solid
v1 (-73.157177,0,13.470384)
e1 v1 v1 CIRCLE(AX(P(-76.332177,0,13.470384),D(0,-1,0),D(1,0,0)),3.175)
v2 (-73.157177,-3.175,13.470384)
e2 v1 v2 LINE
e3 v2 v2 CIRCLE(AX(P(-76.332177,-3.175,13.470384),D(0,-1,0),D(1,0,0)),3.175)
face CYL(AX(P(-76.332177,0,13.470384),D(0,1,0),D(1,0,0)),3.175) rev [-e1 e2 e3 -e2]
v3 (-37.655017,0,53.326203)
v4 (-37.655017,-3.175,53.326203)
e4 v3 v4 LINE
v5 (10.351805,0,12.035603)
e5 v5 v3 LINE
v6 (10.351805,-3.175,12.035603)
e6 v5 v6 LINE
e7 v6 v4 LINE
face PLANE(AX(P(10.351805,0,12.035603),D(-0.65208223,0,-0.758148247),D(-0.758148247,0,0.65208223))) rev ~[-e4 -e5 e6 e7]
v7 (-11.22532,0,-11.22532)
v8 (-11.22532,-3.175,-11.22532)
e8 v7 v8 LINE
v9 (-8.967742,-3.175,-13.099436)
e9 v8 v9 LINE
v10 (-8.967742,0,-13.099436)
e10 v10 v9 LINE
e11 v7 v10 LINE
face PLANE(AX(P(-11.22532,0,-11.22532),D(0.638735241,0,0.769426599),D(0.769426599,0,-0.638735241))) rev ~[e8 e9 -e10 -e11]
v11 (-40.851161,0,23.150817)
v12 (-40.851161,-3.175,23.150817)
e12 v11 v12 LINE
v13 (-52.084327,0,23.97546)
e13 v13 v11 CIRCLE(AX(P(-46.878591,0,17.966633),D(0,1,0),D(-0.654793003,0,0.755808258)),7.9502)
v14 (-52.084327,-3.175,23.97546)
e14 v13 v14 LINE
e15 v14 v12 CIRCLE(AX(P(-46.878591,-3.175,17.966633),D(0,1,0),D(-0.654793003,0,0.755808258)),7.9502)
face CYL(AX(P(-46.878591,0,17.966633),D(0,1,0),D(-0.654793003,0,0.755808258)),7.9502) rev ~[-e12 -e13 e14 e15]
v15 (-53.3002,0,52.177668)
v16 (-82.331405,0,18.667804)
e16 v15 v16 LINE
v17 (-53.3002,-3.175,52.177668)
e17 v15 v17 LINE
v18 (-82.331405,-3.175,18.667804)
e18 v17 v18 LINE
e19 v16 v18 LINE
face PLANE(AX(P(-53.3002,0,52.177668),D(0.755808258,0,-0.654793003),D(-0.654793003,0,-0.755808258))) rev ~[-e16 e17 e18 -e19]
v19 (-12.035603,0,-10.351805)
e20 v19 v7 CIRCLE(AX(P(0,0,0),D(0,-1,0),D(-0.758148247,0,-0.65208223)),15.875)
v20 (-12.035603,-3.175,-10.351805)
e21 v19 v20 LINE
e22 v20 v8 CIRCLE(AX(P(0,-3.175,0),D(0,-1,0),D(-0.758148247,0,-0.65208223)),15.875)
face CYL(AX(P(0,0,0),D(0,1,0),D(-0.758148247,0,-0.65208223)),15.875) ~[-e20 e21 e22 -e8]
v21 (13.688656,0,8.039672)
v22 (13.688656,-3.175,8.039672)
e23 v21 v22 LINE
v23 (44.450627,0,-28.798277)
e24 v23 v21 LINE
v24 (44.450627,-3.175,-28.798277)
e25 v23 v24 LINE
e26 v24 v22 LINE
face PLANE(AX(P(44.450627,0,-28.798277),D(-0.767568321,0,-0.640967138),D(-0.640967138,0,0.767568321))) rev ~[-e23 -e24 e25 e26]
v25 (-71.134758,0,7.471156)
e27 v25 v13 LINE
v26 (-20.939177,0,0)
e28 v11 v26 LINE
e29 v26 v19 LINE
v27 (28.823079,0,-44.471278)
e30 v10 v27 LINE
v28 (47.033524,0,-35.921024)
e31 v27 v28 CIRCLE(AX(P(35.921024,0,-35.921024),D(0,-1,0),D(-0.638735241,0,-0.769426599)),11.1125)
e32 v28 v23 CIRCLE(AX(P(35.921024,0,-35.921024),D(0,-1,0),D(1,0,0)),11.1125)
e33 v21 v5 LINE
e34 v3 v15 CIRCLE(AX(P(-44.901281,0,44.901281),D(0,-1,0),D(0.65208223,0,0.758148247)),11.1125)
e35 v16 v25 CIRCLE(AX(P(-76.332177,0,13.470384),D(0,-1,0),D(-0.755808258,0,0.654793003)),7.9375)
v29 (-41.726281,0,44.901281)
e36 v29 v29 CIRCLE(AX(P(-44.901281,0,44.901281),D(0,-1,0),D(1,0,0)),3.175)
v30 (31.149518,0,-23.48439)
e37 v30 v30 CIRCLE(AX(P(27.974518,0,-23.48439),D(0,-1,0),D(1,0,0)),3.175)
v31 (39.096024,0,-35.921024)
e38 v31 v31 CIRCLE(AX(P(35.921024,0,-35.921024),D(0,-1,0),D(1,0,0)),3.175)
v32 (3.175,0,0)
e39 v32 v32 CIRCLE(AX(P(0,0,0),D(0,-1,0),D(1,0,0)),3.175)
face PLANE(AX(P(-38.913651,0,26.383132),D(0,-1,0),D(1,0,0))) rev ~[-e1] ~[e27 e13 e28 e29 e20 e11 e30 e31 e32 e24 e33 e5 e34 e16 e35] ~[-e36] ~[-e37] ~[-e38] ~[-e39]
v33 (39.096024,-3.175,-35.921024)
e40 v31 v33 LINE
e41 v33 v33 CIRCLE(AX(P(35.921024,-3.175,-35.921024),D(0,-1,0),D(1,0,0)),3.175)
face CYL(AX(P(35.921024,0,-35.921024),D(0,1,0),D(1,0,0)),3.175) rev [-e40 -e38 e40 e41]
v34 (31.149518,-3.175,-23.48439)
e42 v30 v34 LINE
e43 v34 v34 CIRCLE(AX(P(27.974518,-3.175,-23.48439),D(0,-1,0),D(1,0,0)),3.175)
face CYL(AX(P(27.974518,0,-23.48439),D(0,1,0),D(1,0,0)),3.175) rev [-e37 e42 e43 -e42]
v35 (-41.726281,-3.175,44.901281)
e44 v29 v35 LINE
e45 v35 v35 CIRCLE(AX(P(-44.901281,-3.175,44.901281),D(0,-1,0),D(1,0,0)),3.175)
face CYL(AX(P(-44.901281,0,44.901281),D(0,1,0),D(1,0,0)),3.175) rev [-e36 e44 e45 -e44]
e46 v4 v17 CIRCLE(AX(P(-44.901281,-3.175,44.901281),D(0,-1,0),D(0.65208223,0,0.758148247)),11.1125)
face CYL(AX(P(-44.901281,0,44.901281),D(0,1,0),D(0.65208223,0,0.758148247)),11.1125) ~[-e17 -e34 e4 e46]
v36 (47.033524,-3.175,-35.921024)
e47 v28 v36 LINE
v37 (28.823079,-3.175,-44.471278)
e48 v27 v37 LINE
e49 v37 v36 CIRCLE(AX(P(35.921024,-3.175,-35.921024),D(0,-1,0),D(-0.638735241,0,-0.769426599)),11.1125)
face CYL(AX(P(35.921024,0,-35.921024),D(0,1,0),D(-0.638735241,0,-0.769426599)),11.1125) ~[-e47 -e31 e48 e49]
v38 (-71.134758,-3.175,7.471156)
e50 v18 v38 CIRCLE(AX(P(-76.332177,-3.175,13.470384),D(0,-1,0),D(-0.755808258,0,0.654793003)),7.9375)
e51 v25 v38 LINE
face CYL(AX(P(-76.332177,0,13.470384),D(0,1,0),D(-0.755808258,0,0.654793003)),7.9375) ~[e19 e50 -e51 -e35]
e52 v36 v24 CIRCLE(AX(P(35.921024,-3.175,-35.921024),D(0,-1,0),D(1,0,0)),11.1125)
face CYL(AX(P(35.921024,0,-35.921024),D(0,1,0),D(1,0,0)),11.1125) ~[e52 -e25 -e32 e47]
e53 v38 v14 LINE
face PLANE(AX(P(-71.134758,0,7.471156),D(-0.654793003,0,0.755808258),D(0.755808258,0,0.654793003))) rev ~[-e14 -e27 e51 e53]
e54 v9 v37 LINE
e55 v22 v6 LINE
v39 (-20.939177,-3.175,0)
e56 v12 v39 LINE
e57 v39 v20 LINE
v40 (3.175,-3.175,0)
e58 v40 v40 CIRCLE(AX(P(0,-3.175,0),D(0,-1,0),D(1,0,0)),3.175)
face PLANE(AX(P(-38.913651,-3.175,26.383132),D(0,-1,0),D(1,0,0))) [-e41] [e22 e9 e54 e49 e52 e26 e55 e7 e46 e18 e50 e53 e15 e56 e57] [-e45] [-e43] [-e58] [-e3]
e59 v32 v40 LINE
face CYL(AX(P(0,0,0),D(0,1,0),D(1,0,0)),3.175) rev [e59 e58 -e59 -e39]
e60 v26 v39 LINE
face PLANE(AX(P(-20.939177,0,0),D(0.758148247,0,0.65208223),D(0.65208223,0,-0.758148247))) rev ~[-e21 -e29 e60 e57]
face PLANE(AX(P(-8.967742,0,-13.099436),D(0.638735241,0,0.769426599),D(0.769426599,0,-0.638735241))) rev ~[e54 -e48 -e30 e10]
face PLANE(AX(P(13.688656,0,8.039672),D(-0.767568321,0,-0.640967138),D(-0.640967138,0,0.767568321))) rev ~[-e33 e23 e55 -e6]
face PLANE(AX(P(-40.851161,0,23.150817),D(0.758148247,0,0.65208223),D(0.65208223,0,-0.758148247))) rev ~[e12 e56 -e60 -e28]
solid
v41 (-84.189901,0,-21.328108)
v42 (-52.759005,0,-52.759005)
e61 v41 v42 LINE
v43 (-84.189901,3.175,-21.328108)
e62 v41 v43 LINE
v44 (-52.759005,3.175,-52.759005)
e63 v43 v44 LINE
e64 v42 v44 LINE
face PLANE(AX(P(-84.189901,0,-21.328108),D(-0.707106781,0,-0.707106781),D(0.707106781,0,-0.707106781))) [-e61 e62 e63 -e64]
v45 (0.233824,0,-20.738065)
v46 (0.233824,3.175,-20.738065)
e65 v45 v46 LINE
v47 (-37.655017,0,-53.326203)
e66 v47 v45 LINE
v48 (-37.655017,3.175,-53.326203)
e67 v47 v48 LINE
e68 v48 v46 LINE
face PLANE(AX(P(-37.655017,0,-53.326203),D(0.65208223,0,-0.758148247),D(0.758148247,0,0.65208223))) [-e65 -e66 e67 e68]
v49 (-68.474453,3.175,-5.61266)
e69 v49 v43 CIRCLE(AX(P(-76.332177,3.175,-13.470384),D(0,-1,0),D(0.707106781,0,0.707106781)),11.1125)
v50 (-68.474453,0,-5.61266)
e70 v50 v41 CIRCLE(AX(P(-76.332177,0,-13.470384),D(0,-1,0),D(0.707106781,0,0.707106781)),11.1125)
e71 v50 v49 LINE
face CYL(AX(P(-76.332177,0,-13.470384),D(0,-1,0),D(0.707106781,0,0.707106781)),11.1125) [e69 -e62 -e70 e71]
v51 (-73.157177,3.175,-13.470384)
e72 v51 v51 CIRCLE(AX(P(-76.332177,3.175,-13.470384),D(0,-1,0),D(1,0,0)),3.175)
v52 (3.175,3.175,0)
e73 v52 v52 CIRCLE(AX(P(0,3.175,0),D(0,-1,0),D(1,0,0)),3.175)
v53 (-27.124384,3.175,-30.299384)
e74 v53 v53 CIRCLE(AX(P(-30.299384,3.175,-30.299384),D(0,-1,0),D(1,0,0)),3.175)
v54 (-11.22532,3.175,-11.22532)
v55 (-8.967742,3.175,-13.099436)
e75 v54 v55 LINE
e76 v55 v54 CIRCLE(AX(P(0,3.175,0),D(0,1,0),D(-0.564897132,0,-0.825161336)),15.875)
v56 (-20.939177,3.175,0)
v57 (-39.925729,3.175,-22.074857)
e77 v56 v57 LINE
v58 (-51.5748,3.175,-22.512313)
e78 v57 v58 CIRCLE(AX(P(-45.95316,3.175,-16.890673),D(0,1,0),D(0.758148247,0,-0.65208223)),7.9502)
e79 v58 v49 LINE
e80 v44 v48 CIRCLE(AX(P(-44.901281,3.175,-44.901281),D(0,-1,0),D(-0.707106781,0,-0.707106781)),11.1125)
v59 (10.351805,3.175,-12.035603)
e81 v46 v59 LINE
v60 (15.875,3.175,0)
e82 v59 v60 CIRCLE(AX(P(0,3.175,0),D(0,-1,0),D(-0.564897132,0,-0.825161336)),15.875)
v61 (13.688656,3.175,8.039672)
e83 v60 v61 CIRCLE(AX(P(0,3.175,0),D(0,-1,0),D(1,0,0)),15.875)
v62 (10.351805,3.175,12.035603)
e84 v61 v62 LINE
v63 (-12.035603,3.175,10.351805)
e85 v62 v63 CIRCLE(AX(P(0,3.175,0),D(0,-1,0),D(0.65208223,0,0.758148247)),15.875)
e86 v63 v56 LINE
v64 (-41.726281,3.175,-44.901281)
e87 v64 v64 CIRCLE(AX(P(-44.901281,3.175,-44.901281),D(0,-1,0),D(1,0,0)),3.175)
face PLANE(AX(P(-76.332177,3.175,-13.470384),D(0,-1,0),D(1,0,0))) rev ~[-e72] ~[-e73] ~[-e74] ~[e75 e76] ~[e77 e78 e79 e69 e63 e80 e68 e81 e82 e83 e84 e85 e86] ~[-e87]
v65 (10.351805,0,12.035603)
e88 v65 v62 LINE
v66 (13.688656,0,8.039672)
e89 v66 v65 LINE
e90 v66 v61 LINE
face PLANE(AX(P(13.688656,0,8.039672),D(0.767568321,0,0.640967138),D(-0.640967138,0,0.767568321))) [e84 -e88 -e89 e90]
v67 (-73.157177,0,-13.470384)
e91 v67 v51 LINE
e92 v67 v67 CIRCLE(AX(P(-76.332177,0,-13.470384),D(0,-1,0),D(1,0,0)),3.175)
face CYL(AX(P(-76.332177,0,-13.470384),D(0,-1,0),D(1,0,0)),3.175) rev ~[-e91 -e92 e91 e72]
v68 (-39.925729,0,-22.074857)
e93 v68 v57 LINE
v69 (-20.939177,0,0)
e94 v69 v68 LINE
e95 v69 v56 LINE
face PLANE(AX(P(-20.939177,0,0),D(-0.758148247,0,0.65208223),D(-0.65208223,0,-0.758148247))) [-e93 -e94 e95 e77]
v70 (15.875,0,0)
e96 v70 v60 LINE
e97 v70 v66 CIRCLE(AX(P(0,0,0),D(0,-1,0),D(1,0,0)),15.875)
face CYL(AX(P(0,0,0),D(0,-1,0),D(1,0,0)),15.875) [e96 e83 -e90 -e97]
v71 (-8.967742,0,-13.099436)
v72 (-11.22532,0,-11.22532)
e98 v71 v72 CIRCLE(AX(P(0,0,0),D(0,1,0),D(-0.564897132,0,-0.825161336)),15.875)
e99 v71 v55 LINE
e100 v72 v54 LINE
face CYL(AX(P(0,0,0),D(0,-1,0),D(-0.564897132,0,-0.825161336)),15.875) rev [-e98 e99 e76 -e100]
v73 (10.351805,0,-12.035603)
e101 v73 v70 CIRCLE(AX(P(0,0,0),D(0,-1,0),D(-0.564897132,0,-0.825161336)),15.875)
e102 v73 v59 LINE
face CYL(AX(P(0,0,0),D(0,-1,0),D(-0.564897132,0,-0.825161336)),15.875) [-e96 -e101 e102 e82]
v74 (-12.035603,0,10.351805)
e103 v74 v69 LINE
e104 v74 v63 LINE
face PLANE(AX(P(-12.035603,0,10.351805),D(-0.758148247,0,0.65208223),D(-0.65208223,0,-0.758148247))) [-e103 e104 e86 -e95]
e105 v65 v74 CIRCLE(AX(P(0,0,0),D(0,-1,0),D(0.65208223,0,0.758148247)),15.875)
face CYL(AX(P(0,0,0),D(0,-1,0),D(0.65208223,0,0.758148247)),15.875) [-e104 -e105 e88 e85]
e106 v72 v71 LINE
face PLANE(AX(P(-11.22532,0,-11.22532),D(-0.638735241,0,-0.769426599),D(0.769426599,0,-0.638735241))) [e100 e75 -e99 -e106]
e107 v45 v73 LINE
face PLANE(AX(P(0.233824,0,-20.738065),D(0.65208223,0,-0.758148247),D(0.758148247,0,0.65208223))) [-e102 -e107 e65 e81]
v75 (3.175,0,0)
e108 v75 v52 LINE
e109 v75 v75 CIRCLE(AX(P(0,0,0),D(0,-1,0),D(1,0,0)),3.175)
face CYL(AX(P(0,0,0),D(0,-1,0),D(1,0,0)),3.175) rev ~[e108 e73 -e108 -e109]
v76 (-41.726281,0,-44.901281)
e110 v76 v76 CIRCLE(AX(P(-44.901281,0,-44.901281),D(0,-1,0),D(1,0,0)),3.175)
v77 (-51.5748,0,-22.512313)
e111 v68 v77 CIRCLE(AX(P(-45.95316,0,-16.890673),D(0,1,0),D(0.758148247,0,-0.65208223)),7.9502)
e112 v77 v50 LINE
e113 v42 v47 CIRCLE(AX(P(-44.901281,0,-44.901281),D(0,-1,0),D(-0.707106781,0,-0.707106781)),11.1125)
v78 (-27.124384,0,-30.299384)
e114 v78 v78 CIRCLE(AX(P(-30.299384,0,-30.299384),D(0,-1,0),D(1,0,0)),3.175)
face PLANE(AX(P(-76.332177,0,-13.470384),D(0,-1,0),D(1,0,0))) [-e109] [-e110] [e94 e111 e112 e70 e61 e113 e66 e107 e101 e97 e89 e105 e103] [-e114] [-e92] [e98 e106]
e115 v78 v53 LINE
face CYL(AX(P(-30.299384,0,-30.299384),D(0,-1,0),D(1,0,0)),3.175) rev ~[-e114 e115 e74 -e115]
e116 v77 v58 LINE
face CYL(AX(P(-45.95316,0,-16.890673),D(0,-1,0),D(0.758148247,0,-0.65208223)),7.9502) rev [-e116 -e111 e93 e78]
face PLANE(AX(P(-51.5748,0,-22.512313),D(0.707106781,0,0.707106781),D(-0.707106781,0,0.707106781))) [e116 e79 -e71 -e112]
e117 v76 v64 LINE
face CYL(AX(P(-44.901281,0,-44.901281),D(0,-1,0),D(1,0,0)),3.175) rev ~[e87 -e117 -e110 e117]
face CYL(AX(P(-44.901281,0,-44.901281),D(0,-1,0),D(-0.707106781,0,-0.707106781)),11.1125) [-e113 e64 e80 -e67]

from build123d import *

# Parameters (mm, degrees)
F0_R     = 3.175
F1_DEPTH = 3.175
F2_DEPTH = 3.175


with BuildPart() as f1:
    # F0 (on Front) → F1 (new body)
    with BuildSketch(Plane.XZ):
        with BuildLine():
            ThreePointArc((-82.331405076, 18.6678036462), (-73.5586383483, 20.9075469092), (-68.3946770291, 13.4703841816))
            ThreePointArc((-68.3946770291, 13.4703841816), (-69.1121208226, 10.1727039932), (-71.1347575644, 7.4711561347))
            Line((-71.1347575644, 7.4711561347), (-52.0843267669, 23.9754595323))
            ThreePointArc((-52.0843267669, 23.9754595323), (-46.2965222838, 25.8954961667), (-40.8511612346, 23.1508168672))
            Line((-40.8511612346, 23.1508168672), (-20.9391765456, 0))
            Line((-20.9391765456, 0), (-12.0356034274, 10.3518054047))
            ThreePointArc((-12.0356034274, 10.3518054047), (-1.190625, 15.8302885984), (10.3518054047, 12.0356034274))
            Line((10.3518054047, 12.0356034274), (-37.655016822, 53.3262030046))
            ThreePointArc((-37.655016822, 53.3262030046), (-34.8014845049, 49.5361241819), (-33.7887806053, 44.9012806053))
            ThreePointArc((-33.7887806053, 44.9012806053), (-48.7842347585, 34.4892527868), (-53.300199871, 52.1776678558))
            Line((-53.300199871, 52.1776678558), (-82.331405076, 18.6678036462))
        make_face()
        with BuildLine():
            ThreePointArc((-37.655016822, 53.3262030046), (-45.7148756595, 55.9839571475), (-53.300199871, 52.1776678558))
            ThreePointArc((-53.300199871, 52.1776678558), (-48.7842347585, 34.4892527868), (-33.7887806053, 44.9012806053))
            ThreePointArc((-33.7887806053, 44.9012806053), (-34.8014845049, 49.5361241819), (-37.655016822, 53.3262030046))
        make_face()
        with Locations((-44.9012806053, 44.9012806053)):
            Circle(F0_R, mode=Mode.SUBTRACT)
        with BuildLine():
            ThreePointArc((-71.1347575644, 7.4711561347), (-69.1121208226, 10.1727039932), (-68.3946770291, 13.4703841816))
            ThreePointArc((-68.3946770291, 13.4703841816), (-73.5586383483, 20.9075469092), (-82.331405076, 18.6678036462))
            ThreePointArc((-82.331405076, 18.6678036462), (-81.9448371048, 7.8577241059), (-71.1347575644, 7.4711561347))
        make_face()
        with Locations((-76.3321770291, 13.4703841816)):
            Circle(F0_R, mode=Mode.SUBTRACT)
        with BuildLine():
            Line((13.6886557503, 8.0396721793), (10.3518054047, 12.0356034274))
            ThreePointArc((10.3518054047, 12.0356034274), (-1.190625, 15.8302885984), (-12.0356034274, 10.3518054047))
            ThreePointArc((-12.0356034274, 10.3518054047), (-15.875, 0), (-12.0356034274, -10.3518054047))
            ThreePointArc((-12.0356034274, -10.3518054047), (-11.6386596495, -10.7961672163), (-11.2253201513, -11.2253201513))
            Line((-11.2253201513, -11.2253201513), (-8.9677419672, -13.0994362096))
            ThreePointArc((-8.9677419672, -13.0994362096), (0.8728361512, -15.8509867848), (10.3518054047, -12.0356034274))
            ThreePointArc((10.3518054047, -12.0356034274), (14.4282801435, -6.6212051093), (15.875, 0))
            ThreePointArc((15.875, 0), (15.3186656572, 4.1658261464), (13.6886557503, 8.0396721793))
        make_face()
        Circle(F0_R, mode=Mode.SUBTRACT)
        with BuildLine():
            Line((44.4506274521, -28.7982771588), (13.6886557503, 8.0396721793))
            ThreePointArc((13.6886557503, 8.0396721793), (15.3186656572, 4.1658261464), (15.875, 0))
            ThreePointArc((15.875, 0), (14.4282801435, -6.6212051093), (10.3518054047, -12.0356034274))
            Line((10.3518054047, -12.0356034274), (0.2338236979, -20.7380651153))
            Line((0.2338236979, -20.7380651153), (28.8230791183, -44.4712775701))
            ThreePointArc((28.8230791183, -44.4712775701), (28.0518983355, -28.0747189903), (44.4506274521, -28.7982771588))
        make_face()
        with Locations((27.9745180668, -23.4843900063)):
            Circle(F0_R, mode=Mode.SUBTRACT)
        with BuildLine():
            ThreePointArc((47.0335244843, -35.9210244843), (46.3678629828, -32.132723858), (44.4506274521, -28.7982771588))
            ThreePointArc((44.4506274521, -28.7982771588), (28.0518983355, -28.0747189903), (28.8230791183, -44.4712775701))
            ThreePointArc((28.8230791183, -44.4712775701), (40.6439334592, -45.9799402839), (47.0335244843, -35.9210244843))
        make_face()
        with Locations((35.9210244843, -35.9210244843)):
            Circle(F0_R, mode=Mode.SUBTRACT)
        with BuildLine():
            Line((0.2338236979, -20.7380651153), (10.3518054047, -12.0356034274))
            ThreePointArc((10.3518054047, -12.0356034274), (0.8728361512, -15.8509867848), (-8.9677419672, -13.0994362096))
            Line((-8.9677419672, -13.0994362096), (0.2338236979, -20.7380651153))
        make_face()
        with BuildLine():
            Line((-12.0356034274, 10.3518054047), (-20.9391765456, 0))
            Line((-20.9391765456, 0), (-12.0356034274, -10.3518054047))
            ThreePointArc((-12.0356034274, -10.3518054047), (-15.875, 0), (-12.0356034274, 10.3518054047))
        make_face()
    extrude(amount=F1_DEPTH)


with BuildPart() as f2:
    # F0 (on Front) → F2 (new body)
    with BuildSketch(Plane.XZ):
        with BuildLine():
            ThreePointArc((-65.2196770291, -13.4703841816), (-66.0655657241, -9.2178145394), (-68.4744529232, -5.6126600757))
            ThreePointArc((-68.4744529232, -5.6126600757), (-84.189901135, -5.6126600757), (-84.189901135, -21.3281082875))
            ThreePointArc((-84.189901135, -21.3281082875), (-72.0796073869, -23.7369954866), (-65.2196770291, -13.4703841816))
        make_face()
        with Locations((-76.3321770291, -13.4703841816)):
            Circle(F0_R, mode=Mode.SUBTRACT)
        with BuildLine():
            Line((-12.0356034274, -10.3518054047), (-20.9391765456, 0))
            Line((-20.9391765456, 0), (-39.9257294986, -22.0748567869))
            ThreePointArc((-39.9257294986, -22.0748567869), (-45.654817053, -24.8352728006), (-51.5748000268, -22.512312972))
            Line((-51.5748000268, -22.512312972), (-68.4744529232, -5.6126600757))
            ThreePointArc((-68.4744529232, -5.6126600757), (-66.0655657241, -9.2178145394), (-65.2196770291, -13.4703841816))
            ThreePointArc((-65.2196770291, -13.4703841816), (-72.0796073869, -23.7369954866), (-84.189901135, -21.3281082875))
            Line((-84.189901135, -21.3281082875), (-52.7590047113, -52.7590047113))
            ThreePointArc((-52.7590047113, -52.7590047113), (-49.1538502475, -34.6346693003), (-33.7887806053, -44.9012806053))
            ThreePointArc((-33.7887806053, -44.9012806053), (-34.8014845049, -49.5361241819), (-37.655016822, -53.3262030046))
            Line((-37.655016822, -53.3262030046), (0.2338236979, -20.7380651153))
            Line((0.2338236979, -20.7380651153), (-8.9677419672, -13.0994362096))
            ThreePointArc((-8.9677419672, -13.0994362096), (-10.1399219514, -12.2146472655), (-11.2253201513, -11.2253201513))
            ThreePointArc((-11.2253201513, -11.2253201513), (-11.6386596495, -10.7961672163), (-12.0356034274, -10.3518054047))
        make_face()
        with Locations((-30.2993841525, -30.2993841525)):
            Circle(F0_R, mode=Mode.SUBTRACT)
        with BuildLine():
            ThreePointArc((-52.7590047113, -52.7590047113), (-45.3182930842, -56.0059533535), (-37.655016822, -53.3262030046))
            ThreePointArc((-37.655016822, -53.3262030046), (-34.8014845049, -49.5361241819), (-33.7887806053, -44.9012806053))
            ThreePointArc((-33.7887806053, -44.9012806053), (-49.1538502475, -34.6346693003), (-52.7590047113, -52.7590047113))
        make_face()
        with Locations((-44.9012806053, -44.9012806053)):
            Circle(F0_R, mode=Mode.SUBTRACT)
        with BuildLine():
            Line((13.6886557503, 8.0396721793), (10.3518054047, 12.0356034274))
            ThreePointArc((10.3518054047, 12.0356034274), (-1.190625, 15.8302885984), (-12.0356034274, 10.3518054047))
            ThreePointArc((-12.0356034274, 10.3518054047), (-15.875, 0), (-12.0356034274, -10.3518054047))
            ThreePointArc((-12.0356034274, -10.3518054047), (-11.6386596495, -10.7961672163), (-11.2253201513, -11.2253201513))
            Line((-11.2253201513, -11.2253201513), (-8.9677419672, -13.0994362096))
            ThreePointArc((-8.9677419672, -13.0994362096), (0.8728361512, -15.8509867848), (10.3518054047, -12.0356034274))
            ThreePointArc((10.3518054047, -12.0356034274), (14.4282801435, -6.6212051093), (15.875, 0))
            ThreePointArc((15.875, 0), (15.3186656572, 4.1658261464), (13.6886557503, 8.0396721793))
        make_face()
        Circle(F0_R, mode=Mode.SUBTRACT)
        with BuildLine():
            Line((-12.0356034274, 10.3518054047), (-20.9391765456, 0))
            Line((-20.9391765456, 0), (-12.0356034274, -10.3518054047))
            ThreePointArc((-12.0356034274, -10.3518054047), (-15.875, 0), (-12.0356034274, 10.3518054047))
        make_face()
        with BuildLine():
            Line((0.2338236979, -20.7380651153), (10.3518054047, -12.0356034274))
            ThreePointArc((10.3518054047, -12.0356034274), (0.8728361512, -15.8509867848), (-8.9677419672, -13.0994362096))
            Line((-8.9677419672, -13.0994362096), (0.2338236979, -20.7380651153))
        make_face()
    extrude(amount=-F2_DEPTH)


solid = Compound([f1.part, f2.part])
